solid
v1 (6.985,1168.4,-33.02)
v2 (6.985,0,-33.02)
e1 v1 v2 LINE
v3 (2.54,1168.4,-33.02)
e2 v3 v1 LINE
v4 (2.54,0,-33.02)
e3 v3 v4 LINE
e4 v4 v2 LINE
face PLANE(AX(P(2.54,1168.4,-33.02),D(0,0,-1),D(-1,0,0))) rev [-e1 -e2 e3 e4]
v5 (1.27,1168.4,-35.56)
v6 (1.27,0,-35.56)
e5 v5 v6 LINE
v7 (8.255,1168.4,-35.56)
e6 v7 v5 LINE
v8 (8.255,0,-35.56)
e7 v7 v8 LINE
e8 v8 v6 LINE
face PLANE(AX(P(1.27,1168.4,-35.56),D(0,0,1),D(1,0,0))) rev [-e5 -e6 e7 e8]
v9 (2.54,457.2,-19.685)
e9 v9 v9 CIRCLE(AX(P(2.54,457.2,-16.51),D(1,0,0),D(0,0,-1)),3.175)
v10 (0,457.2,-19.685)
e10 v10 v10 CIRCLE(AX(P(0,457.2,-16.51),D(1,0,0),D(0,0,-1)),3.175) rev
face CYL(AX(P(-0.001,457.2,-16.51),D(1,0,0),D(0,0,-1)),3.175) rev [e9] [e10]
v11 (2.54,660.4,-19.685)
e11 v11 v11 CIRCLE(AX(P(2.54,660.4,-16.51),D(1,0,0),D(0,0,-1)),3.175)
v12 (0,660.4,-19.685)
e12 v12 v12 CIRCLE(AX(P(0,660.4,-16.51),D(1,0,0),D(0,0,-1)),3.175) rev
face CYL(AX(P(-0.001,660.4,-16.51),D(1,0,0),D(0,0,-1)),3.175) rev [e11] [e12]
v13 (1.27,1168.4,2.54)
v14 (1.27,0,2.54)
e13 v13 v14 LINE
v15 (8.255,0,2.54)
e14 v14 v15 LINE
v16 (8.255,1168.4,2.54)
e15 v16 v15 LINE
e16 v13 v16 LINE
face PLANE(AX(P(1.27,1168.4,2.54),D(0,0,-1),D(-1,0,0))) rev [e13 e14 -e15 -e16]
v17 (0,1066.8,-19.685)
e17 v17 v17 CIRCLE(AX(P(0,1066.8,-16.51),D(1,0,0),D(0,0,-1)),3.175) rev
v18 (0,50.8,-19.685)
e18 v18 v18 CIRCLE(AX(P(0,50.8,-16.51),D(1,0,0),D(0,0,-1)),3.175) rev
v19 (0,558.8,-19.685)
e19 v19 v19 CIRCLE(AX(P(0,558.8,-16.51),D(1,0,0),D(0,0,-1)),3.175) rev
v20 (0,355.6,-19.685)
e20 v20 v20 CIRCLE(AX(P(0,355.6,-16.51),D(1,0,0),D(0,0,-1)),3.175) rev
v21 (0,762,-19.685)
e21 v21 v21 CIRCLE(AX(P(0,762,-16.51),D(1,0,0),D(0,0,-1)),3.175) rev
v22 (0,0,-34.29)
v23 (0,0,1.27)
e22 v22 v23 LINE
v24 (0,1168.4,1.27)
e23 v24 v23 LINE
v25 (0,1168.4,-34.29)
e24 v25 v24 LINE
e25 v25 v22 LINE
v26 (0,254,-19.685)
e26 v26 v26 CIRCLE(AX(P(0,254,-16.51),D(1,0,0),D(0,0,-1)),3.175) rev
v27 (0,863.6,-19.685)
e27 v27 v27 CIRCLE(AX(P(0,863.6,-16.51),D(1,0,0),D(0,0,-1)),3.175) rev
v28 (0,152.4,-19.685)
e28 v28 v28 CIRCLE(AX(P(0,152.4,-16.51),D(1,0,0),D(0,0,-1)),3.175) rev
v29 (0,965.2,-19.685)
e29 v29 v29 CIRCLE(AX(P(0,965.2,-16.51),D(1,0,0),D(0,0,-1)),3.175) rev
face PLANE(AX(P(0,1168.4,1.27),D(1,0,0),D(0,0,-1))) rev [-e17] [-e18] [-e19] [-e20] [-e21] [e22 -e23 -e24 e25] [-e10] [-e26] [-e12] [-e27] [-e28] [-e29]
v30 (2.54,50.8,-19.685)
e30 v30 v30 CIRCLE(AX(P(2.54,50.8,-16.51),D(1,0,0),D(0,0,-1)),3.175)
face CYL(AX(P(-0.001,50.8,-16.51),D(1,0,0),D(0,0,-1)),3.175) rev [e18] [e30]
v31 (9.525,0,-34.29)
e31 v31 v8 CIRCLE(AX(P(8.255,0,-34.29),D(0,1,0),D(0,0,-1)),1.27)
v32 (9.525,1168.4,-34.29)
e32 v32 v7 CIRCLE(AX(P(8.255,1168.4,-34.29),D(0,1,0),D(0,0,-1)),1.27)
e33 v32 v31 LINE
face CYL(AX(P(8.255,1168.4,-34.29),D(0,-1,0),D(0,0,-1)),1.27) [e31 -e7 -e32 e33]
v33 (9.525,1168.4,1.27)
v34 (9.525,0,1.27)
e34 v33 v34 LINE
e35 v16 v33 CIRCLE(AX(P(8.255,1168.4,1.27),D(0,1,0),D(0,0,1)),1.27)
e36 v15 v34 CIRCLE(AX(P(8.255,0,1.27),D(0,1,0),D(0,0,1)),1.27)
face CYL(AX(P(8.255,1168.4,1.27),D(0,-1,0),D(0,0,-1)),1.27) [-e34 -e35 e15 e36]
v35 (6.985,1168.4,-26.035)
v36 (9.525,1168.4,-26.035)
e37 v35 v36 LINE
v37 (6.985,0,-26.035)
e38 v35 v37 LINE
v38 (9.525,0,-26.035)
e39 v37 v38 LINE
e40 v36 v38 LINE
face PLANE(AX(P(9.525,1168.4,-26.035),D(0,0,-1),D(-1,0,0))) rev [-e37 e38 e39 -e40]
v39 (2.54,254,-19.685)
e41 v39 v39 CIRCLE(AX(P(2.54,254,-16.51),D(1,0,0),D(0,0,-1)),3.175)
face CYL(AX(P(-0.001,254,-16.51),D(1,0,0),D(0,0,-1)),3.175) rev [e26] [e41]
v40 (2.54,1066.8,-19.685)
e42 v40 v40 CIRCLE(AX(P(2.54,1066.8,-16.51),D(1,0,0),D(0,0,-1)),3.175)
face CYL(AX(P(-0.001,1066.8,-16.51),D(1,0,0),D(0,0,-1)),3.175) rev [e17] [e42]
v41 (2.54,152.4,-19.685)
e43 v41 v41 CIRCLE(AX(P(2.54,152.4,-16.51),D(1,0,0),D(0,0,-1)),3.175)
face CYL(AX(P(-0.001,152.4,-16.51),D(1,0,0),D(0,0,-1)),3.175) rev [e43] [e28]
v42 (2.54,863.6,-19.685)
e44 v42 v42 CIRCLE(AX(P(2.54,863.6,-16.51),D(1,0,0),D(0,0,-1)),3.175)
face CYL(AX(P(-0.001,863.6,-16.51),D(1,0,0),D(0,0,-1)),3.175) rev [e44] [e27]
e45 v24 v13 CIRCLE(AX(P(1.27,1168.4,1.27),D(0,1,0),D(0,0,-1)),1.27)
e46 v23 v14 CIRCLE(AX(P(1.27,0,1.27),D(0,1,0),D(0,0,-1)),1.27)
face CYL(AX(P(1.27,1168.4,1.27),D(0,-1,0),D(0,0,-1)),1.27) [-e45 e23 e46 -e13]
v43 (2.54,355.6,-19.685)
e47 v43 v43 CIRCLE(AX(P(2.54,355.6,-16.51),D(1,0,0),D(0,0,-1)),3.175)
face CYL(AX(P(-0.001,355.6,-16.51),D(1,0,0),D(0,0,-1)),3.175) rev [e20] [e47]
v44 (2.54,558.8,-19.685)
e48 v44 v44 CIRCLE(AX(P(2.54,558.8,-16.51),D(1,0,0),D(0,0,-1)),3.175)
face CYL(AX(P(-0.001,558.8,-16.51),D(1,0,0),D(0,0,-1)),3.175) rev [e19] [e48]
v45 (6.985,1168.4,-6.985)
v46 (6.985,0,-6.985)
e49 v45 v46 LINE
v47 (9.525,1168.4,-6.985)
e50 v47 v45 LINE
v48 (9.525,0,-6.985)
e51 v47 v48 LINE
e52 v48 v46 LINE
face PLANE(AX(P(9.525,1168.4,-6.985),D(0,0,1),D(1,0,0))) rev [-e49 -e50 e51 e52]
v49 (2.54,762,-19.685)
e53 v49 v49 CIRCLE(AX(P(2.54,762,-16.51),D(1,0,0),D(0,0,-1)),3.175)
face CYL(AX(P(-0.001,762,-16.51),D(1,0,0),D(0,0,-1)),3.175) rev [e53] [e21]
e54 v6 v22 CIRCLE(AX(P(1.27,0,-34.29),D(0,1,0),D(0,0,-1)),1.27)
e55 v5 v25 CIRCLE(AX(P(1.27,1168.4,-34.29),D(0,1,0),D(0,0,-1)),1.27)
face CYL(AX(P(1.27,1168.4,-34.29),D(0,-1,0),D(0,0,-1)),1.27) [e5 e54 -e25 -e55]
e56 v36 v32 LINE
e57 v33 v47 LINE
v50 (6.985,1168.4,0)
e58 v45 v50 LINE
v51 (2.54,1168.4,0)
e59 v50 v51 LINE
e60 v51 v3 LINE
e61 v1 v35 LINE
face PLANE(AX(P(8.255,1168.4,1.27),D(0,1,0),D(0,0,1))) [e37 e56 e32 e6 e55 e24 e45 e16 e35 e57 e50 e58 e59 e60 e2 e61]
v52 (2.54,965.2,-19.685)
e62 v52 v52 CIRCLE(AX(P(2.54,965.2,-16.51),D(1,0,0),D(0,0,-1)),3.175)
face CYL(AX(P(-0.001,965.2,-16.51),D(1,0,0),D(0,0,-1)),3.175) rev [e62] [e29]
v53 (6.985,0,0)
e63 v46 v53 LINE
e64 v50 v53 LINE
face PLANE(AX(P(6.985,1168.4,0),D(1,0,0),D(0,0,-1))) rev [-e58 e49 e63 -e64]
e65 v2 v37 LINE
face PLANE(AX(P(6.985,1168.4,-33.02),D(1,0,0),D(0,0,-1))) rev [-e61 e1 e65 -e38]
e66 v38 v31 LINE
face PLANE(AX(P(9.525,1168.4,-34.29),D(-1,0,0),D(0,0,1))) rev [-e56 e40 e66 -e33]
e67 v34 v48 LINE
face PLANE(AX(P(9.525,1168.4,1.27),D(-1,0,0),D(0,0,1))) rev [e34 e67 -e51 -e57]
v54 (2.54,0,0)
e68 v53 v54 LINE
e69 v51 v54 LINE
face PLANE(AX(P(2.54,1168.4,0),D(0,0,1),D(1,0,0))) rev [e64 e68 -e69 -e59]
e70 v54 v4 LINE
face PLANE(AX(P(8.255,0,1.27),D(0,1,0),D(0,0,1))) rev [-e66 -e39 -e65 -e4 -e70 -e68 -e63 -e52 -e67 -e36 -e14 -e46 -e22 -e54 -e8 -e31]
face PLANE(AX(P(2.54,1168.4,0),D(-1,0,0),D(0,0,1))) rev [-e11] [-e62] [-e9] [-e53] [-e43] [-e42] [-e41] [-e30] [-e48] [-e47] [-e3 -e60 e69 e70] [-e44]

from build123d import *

# Parameters (mm, degrees)
BOSS_EXTRUDE1_DEPTH = 1168.4
CUT_EXTRUDE1_REACH  = 4.54
SKETCH2_R           = 3.175


with BuildPart() as part:
    # Sketch1 → Boss-Extrude1 (new body)
    with BuildSketch(Plane(origin=(0, 0, 0), x_dir=(1, 0, 0), z_dir=(0, 1, 0))):
        with BuildLine():
            Line((9.525, 34.29), (9.525, 26.035))
            Line((9.525, 26.035), (6.985, 26.035))
            Line((6.985, 26.035), (6.985, 33.02))
            Line((6.985, 33.02), (2.54, 33.02))
            Line((2.54, 33.02), (2.54, 0))
            Line((2.54, 0), (6.985, 0))
            Line((6.985, 0), (6.985, 6.985))
            Line((6.985, 6.985), (9.525, 6.985))
            Line((9.525, 6.985), (9.525, -1.27))
            ThreePointArc((9.525, -1.27), (9.153025612, -2.168025612), (8.255, -2.54))
            Line((8.255, -2.54), (1.27, -2.54))
            ThreePointArc((1.27, -2.54), (0.371974388, -2.168025612), (0, -1.27))
            Line((0, -1.27), (0, 34.29))
            ThreePointArc((0, 34.29), (0.371974388, 35.188025612), (1.27, 35.56))
            Line((1.27, 35.56), (8.255, 35.56))
            ThreePointArc((8.255, 35.56), (9.153025612, 35.188025612), (9.525, 34.29))
        make_face()
    extrude(amount=BOSS_EXTRUDE1_DEPTH)

    # Sketch2 → Cut-Extrude1 (cut, up to next)
    with BuildSketch(Plane(origin=(2.54, 0, 0), x_dir=(0, 0, -1), z_dir=(1, 0, 0)), mode=Mode.PRIVATE) as cut_extrude1_sk1:
        with Locations((16.51, 50.8)):
            Circle(SKETCH2_R)
    cut_extrude1_tool1 = extrude(cut_extrude1_sk1.sketch, amount=-CUT_EXTRUDE1_REACH, mode=Mode.PRIVATE) & part.part
    add(cut_extrude1_tool1.solids().sort_by_distance((2.54, 50.8, -16.51))[0], mode=Mode.SUBTRACT)
    # Sketch2 → Cut-Extrude1 (cut, up to next)
    with BuildSketch(Plane(origin=(2.54, 0, 0), x_dir=(0, 0, -1), z_dir=(1, 0, 0)), mode=Mode.PRIVATE) as cut_extrude1_sk2:
        with Locations((16.51, 152.4)):
            Circle(SKETCH2_R)
    cut_extrude1_tool2 = extrude(cut_extrude1_sk2.sketch, amount=-CUT_EXTRUDE1_REACH, mode=Mode.PRIVATE) & part.part
    add(cut_extrude1_tool2.solids().sort_by_distance((2.54, 152.4, -16.51))[0], mode=Mode.SUBTRACT)
    # Sketch2 → Cut-Extrude1 (cut, up to next)
    with BuildSketch(Plane(origin=(2.54, 0, 0), x_dir=(0, 0, -1), z_dir=(1, 0, 0)), mode=Mode.PRIVATE) as cut_extrude1_sk3:
        with Locations((16.51, 254)):
            Circle(SKETCH2_R)
    cut_extrude1_tool3 = extrude(cut_extrude1_sk3.sketch, amount=-CUT_EXTRUDE1_REACH, mode=Mode.PRIVATE) & part.part
    add(cut_extrude1_tool3.solids().sort_by_distance((2.54, 254, -16.51))[0], mode=Mode.SUBTRACT)
    # Sketch2 → Cut-Extrude1 (cut, up to next)
    with BuildSketch(Plane(origin=(2.54, 0, 0), x_dir=(0, 0, -1), z_dir=(1, 0, 0)), mode=Mode.PRIVATE) as cut_extrude1_sk4:
        with Locations((16.51, 355.6)):
            Circle(SKETCH2_R)
    cut_extrude1_tool4 = extrude(cut_extrude1_sk4.sketch, amount=-CUT_EXTRUDE1_REACH, mode=Mode.PRIVATE) & part.part
    add(cut_extrude1_tool4.solids().sort_by_distance((2.54, 355.6, -16.51))[0], mode=Mode.SUBTRACT)
    # Sketch2 → Cut-Extrude1 (cut, up to next)
    with BuildSketch(Plane(origin=(2.54, 0, 0), x_dir=(0, 0, -1), z_dir=(1, 0, 0)), mode=Mode.PRIVATE) as cut_extrude1_sk5:
        with Locations((16.51, 457.2)):
            Circle(SKETCH2_R)
    cut_extrude1_tool5 = extrude(cut_extrude1_sk5.sketch, amount=-CUT_EXTRUDE1_REACH, mode=Mode.PRIVATE) & part.part
    add(cut_extrude1_tool5.solids().sort_by_distance((2.54, 457.2, -16.51))[0], mode=Mode.SUBTRACT)
    # Sketch2 → Cut-Extrude1 (cut, up to next)
    with BuildSketch(Plane(origin=(2.54, 0, 0), x_dir=(0, 0, -1), z_dir=(1, 0, 0)), mode=Mode.PRIVATE) as cut_extrude1_sk6:
        with Locations((16.51, 558.8)):
            Circle(SKETCH2_R)
    cut_extrude1_tool6 = extrude(cut_extrude1_sk6.sketch, amount=-CUT_EXTRUDE1_REACH, mode=Mode.PRIVATE) & part.part
    add(cut_extrude1_tool6.solids().sort_by_distance((2.54, 558.8, -16.51))[0], mode=Mode.SUBTRACT)
    # Sketch2 → Cut-Extrude1 (cut, up to next)
    with BuildSketch(Plane(origin=(2.54, 0, 0), x_dir=(0, 0, -1), z_dir=(1, 0, 0)), mode=Mode.PRIVATE) as cut_extrude1_sk7:
        with Locations((16.51, 660.4)):
            Circle(SKETCH2_R)
    cut_extrude1_tool7 = extrude(cut_extrude1_sk7.sketch, amount=-CUT_EXTRUDE1_REACH, mode=Mode.PRIVATE) & part.part
    add(cut_extrude1_tool7.solids().sort_by_distance((2.54, 660.4, -16.51))[0], mode=Mode.SUBTRACT)
    # Sketch2 → Cut-Extrude1 (cut, up to next)
    with BuildSketch(Plane(origin=(2.54, 0, 0), x_dir=(0, 0, -1), z_dir=(1, 0, 0)), mode=Mode.PRIVATE) as cut_extrude1_sk8:
        with Locations((16.51, 762)):
            Circle(SKETCH2_R)
    cut_extrude1_tool8 = extrude(cut_extrude1_sk8.sketch, amount=-CUT_EXTRUDE1_REACH, mode=Mode.PRIVATE) & part.part
    add(cut_extrude1_tool8.solids().sort_by_distance((2.54, 762, -16.51))[0], mode=Mode.SUBTRACT)
    # Sketch2 → Cut-Extrude1 (cut, up to next)
    with BuildSketch(Plane(origin=(2.54, 0, 0), x_dir=(0, 0, -1), z_dir=(1, 0, 0)), mode=Mode.PRIVATE) as cut_extrude1_sk9:
        with Locations((16.51, 863.6)):
            Circle(SKETCH2_R)
    cut_extrude1_tool9 = extrude(cut_extrude1_sk9.sketch, amount=-CUT_EXTRUDE1_REACH, mode=Mode.PRIVATE) & part.part
    add(cut_extrude1_tool9.solids().sort_by_distance((2.54, 863.6, -16.51))[0], mode=Mode.SUBTRACT)
    # Sketch2 → Cut-Extrude1 (cut, up to next)
    with BuildSketch(Plane(origin=(2.54, 0, 0), x_dir=(0, 0, -1), z_dir=(1, 0, 0)), mode=Mode.PRIVATE) as cut_extrude1_sk10:
        with Locations((16.51, 965.2)):
            Circle(SKETCH2_R)
    cut_extrude1_tool10 = extrude(cut_extrude1_sk10.sketch, amount=-CUT_EXTRUDE1_REACH, mode=Mode.PRIVATE) & part.part
    add(cut_extrude1_tool10.solids().sort_by_distance((2.54, 965.2, -16.51))[0], mode=Mode.SUBTRACT)
    # Sketch2 → Cut-Extrude1 (cut, up to next)
    with BuildSketch(Plane(origin=(2.54, 0, 0), x_dir=(0, 0, -1), z_dir=(1, 0, 0)), mode=Mode.PRIVATE) as cut_extrude1_sk11:
        with Locations((16.51, 1066.8)):
            Circle(SKETCH2_R)
    cut_extrude1_tool11 = extrude(cut_extrude1_sk11.sketch, amount=-CUT_EXTRUDE1_REACH, mode=Mode.PRIVATE) & part.part
    add(cut_extrude1_tool11.solids().sort_by_distance((2.54, 1066.8, -16.51))[0], mode=Mode.SUBTRACT)


solid = part.part
